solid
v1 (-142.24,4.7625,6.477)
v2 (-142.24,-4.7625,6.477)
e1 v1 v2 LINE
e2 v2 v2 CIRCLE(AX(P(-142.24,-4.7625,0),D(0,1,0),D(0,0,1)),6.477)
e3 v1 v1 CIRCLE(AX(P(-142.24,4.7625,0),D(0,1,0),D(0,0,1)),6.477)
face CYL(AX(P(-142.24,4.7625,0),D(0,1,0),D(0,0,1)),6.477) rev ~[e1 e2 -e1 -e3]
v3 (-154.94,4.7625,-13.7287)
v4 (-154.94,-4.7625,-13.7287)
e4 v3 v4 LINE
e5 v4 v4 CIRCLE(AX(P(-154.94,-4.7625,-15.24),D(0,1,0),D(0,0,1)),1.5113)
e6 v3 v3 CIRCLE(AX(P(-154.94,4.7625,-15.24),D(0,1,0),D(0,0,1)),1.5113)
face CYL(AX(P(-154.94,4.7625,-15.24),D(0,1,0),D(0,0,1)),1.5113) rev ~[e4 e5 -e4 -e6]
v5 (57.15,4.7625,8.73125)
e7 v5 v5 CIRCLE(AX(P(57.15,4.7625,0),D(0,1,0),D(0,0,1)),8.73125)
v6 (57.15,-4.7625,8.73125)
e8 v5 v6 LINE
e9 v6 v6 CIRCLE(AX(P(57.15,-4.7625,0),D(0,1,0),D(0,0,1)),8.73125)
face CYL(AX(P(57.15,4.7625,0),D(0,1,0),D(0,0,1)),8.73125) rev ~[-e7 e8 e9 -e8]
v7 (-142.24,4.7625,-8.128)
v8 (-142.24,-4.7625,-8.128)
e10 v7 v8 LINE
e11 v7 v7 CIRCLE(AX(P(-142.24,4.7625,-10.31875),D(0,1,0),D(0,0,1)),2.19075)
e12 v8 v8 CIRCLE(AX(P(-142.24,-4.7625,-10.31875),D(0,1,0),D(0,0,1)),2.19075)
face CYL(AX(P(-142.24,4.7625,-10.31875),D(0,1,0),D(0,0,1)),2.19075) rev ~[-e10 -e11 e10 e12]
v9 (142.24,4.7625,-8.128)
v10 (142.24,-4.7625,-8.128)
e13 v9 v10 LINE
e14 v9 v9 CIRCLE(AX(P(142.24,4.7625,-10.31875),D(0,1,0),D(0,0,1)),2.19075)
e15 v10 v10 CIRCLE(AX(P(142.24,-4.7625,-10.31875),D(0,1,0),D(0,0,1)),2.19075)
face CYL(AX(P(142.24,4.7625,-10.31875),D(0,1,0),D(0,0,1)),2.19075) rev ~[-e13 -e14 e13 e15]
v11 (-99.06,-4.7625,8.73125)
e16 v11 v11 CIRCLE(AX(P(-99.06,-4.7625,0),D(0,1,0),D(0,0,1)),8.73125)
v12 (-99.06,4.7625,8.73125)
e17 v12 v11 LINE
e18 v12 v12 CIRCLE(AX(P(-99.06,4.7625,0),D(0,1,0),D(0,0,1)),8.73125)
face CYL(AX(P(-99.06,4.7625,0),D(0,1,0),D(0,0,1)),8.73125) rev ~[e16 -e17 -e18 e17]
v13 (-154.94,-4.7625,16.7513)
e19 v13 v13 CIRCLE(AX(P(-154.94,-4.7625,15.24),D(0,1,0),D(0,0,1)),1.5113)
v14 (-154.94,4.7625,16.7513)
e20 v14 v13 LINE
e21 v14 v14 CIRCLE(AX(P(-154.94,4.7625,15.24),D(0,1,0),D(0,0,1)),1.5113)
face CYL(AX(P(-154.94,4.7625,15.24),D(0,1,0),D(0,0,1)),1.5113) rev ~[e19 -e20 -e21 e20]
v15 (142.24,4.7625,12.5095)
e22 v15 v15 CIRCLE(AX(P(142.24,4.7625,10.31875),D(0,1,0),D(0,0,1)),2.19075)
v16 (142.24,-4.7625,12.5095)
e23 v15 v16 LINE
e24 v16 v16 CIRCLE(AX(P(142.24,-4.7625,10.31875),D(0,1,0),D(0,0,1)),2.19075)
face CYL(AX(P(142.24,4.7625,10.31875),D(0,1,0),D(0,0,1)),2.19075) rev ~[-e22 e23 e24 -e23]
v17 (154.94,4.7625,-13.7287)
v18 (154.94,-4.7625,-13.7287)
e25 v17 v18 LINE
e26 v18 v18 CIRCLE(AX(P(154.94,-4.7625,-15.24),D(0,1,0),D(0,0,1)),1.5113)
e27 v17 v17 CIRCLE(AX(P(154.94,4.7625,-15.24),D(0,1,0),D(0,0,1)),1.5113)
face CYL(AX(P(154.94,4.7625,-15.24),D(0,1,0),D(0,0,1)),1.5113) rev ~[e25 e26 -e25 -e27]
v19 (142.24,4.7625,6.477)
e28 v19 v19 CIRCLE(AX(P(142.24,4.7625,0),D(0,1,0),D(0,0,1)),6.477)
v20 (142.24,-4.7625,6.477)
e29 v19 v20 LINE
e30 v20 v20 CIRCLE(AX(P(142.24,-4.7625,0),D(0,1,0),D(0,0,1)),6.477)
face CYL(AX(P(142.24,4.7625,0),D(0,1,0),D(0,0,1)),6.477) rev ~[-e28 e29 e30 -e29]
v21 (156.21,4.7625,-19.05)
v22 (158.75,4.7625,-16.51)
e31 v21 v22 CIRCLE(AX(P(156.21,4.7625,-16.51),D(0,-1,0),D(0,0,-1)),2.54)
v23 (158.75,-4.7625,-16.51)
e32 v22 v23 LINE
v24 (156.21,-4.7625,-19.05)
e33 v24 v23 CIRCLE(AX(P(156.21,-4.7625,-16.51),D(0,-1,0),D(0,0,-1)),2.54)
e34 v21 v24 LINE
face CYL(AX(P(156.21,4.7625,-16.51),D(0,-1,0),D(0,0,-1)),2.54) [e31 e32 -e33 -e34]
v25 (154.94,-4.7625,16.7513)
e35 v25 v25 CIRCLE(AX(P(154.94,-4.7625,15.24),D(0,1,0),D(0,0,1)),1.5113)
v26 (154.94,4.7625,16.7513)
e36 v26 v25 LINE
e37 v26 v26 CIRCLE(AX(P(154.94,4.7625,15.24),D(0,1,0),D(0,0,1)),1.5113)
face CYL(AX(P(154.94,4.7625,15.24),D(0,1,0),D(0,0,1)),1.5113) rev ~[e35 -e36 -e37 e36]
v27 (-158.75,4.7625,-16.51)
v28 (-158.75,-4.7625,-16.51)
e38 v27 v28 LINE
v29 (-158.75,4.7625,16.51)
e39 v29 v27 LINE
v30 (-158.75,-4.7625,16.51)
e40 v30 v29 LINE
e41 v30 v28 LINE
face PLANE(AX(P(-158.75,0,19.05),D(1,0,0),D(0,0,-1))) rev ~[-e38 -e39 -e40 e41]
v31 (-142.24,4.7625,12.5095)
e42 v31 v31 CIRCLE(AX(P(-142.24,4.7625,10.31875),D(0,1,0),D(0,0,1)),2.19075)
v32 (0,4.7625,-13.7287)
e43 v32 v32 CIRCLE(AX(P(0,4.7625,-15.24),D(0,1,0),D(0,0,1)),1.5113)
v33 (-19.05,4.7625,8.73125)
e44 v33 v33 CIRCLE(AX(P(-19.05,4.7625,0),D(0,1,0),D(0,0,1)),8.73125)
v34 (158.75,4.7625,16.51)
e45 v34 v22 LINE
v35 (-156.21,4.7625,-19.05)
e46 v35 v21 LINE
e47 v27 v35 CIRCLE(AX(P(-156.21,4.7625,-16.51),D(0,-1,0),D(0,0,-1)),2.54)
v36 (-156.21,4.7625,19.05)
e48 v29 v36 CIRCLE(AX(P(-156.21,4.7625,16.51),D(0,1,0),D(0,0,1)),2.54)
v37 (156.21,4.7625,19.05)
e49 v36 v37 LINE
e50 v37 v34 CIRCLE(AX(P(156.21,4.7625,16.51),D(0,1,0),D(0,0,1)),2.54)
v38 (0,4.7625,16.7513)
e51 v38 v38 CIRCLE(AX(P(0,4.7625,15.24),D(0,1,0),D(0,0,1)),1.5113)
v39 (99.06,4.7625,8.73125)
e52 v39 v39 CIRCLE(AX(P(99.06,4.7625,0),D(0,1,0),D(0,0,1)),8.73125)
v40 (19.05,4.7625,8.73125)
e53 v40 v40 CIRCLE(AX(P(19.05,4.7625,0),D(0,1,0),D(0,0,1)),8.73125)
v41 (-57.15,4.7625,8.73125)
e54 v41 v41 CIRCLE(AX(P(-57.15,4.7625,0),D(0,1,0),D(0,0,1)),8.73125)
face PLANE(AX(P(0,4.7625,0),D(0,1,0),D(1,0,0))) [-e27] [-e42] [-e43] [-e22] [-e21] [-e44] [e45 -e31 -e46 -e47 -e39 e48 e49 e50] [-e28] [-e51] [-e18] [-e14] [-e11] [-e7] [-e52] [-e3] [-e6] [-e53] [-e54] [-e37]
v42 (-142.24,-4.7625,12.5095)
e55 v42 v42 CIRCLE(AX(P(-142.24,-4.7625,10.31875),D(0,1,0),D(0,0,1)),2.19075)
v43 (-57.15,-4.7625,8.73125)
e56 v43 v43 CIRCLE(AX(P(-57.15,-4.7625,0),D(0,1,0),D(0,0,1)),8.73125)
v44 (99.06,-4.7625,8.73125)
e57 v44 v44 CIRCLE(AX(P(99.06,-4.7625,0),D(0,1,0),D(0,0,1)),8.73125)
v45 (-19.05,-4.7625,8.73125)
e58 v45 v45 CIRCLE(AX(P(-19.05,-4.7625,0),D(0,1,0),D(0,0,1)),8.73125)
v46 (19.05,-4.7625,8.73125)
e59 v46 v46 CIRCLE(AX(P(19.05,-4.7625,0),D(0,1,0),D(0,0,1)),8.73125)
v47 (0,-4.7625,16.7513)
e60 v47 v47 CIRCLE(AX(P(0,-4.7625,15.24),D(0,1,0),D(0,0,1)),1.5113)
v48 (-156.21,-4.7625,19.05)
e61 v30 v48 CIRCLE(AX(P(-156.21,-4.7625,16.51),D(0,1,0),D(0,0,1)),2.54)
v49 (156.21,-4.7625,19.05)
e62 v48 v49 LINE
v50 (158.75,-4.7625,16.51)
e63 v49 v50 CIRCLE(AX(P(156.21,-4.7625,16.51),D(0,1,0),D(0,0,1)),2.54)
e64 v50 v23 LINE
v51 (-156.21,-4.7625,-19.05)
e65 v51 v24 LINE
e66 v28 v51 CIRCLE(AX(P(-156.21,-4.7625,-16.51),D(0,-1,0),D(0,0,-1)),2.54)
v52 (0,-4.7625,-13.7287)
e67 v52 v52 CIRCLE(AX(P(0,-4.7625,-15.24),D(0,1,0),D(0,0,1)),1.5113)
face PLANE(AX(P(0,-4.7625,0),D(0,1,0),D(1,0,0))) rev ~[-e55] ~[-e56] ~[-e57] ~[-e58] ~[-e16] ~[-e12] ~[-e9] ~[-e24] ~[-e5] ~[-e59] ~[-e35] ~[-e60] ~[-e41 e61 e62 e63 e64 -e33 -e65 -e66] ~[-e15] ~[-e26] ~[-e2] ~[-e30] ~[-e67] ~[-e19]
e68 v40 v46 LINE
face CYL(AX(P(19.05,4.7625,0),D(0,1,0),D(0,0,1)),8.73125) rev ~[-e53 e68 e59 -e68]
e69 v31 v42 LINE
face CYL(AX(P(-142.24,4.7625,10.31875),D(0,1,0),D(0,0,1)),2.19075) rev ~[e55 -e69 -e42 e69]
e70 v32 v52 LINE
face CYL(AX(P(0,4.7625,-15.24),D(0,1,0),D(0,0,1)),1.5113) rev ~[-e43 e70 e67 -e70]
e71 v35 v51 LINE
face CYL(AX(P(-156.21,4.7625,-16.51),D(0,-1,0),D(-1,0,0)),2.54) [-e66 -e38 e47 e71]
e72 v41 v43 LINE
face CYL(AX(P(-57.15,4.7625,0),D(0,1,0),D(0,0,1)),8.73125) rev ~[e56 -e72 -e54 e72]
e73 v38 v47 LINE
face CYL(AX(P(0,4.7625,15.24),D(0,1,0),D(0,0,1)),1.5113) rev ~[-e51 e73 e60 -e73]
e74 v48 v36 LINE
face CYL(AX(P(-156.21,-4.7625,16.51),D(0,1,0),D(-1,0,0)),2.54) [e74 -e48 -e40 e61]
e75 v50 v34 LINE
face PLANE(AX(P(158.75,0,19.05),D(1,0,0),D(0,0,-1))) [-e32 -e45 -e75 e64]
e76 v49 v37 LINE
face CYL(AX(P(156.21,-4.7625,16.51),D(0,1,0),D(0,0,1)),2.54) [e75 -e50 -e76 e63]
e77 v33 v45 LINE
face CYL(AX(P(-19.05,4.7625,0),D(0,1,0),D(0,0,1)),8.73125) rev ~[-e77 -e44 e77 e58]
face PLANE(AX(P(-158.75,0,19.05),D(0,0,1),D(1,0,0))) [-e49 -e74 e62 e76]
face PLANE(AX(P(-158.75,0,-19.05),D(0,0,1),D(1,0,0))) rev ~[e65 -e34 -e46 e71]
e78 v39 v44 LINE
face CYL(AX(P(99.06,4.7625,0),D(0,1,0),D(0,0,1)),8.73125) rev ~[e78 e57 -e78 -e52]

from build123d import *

# Parameters (mm, degrees)
SKETCH1_W           = 317.5
SKETCH1_H           = 38.1
BOSS_EXTRUDE1_DEPTH = 4.7625
SKETCH2_R           = 4.4196
SKETCH2_R_2         = 6.477
SKETCH2_R_3         = 2.19075
CUT_EXTRUDE1_DEPTH  = 161.172377846
SKETCH3_R           = 1.5113
CUT_EXTRUDE2_DEPTH  = 161.172377846
FILLET1_R           = 2.54
SKETCH4_R           = 8.73125
CUT_EXTRUDE3_DEPTH  = 161.172377846


with BuildPart() as part:
    # Sketch1 → Boss-Extrude1 (new, symmetric)
    with BuildSketch(Plane(origin=(0, 0, 0), x_dir=(1, 0, 0), z_dir=(0, 1, 0))):
        Rectangle(SKETCH1_W, SKETCH1_H)
    extrude(amount=BOSS_EXTRUDE1_DEPTH, both=True)

    # Sketch2 → Cut-Extrude1 (cut, through all)
    with BuildSketch(Plane(origin=(0, 4.7625, 0), x_dir=(1, 0, 0), z_dir=(0, 1, 0))):
        with Locations(Location((-99.06, 0, 0), (0, 0, 270))):
            Circle(SKETCH2_R)
        with Locations(Location((-57.15, 0, 0), (0, 0, 270))):
            Circle(SKETCH2_R)
        with Locations(Location((-19.05, 0, 0), (0, 0, 270))):
            Circle(SKETCH2_R)
        with Locations(Location((19.05, 0, 0), (0, 0, 270))):
            Circle(SKETCH2_R)
        with Locations(Location((57.15, 0, 0), (0, 0, 270))):
            Circle(SKETCH2_R)
        with Locations(Location((-142.24, 0, 0), (0, 0, 270))):
            Circle(SKETCH2_R_2)
        with Locations(Location((-142.24, -10.31875, 0), (0, 0, 270))):
            Circle(SKETCH2_R_3)
        with Locations(Location((-142.24, 10.31875, 0), (0, 0, 270))):
            Circle(SKETCH2_R_3)
        with Locations(Location((142.24, 0, 0), (0, 0, 270))):
            Circle(SKETCH2_R_2)
        with Locations(Location((142.24, -10.31875, 0), (0, 0, 270))):
            Circle(SKETCH2_R_3)
        with Locations(Location((142.24, 10.31875, 0), (0, 0, 270))):
            Circle(SKETCH2_R_3)
        with Locations(Location((99.06, 0, 0), (0, 0, 270))):
            Circle(SKETCH2_R)
    extrude(amount=-CUT_EXTRUDE1_DEPTH, mode=Mode.SUBTRACT)

    # Sketch3 → Cut-Extrude2 (cut, through all)
    with BuildSketch(Plane(origin=(0, 4.7625, 0), x_dir=(1, 0, 0), z_dir=(0, 1, 0))):
        with Locations(Location((-154.94, 15.24, 0), (0, 0, 270))):
            Circle(SKETCH3_R)
        with Locations(Location((-154.94, -15.24, 0), (0, 0, 270))):
            Circle(SKETCH3_R)
        with Locations(Location((154.94, -15.24, 0), (0, 0, 270))):
            Circle(SKETCH3_R)
        with Locations(Location((154.94, 15.24, 0), (0, 0, 270))):
            Circle(SKETCH3_R)
        with Locations(Location((0, 15.24, 0), (0, 0, 270))):
            Circle(SKETCH3_R)
        with Locations(Location((0, -15.24, 0), (0, 0, 270))):
            Circle(SKETCH3_R)
    extrude(amount=-CUT_EXTRUDE2_DEPTH, mode=Mode.SUBTRACT)

    # Fillet1
    fillet1_edges = [part.edges().sort_by_distance(p)[0] for p in [
        (158.75, 0, 19.05),
        (-158.75, 0, 19.05),
        (-158.75, 0, -19.05),
        (158.75, 0, -19.05),
    ]]
    fillet(fillet1_edges, radius=FILLET1_R)

    # Sketch4 → Cut-Extrude3 (cut, through all)
    with BuildSketch(Plane(origin=(0, 4.7625, 0), x_dir=(1, 0, 0), z_dir=(0, 1, 0))):
        with Locations(Location((99.06, 0, 0), (0, 0, 270))):
            Circle(SKETCH4_R)
        with Locations(Location((-99.06, 0, 0), (0, 0, 270))):
            Circle(SKETCH4_R)
        with Locations(Location((-57.15, 0, 0), (0, 0, 270))):
            Circle(SKETCH4_R)
        with Locations(Location((-19.05, 0, 0), (0, 0, 270))):
            Circle(SKETCH4_R)
        with Locations(Location((19.05, 0, 0), (0, 0, 270))):
            Circle(SKETCH4_R)
        with Locations(Location((57.15, 0, 0), (0, 0, 270))):
            Circle(SKETCH4_R)
    extrude(amount=-CUT_EXTRUDE3_DEPTH, mode=Mode.SUBTRACT)


solid = part.part
